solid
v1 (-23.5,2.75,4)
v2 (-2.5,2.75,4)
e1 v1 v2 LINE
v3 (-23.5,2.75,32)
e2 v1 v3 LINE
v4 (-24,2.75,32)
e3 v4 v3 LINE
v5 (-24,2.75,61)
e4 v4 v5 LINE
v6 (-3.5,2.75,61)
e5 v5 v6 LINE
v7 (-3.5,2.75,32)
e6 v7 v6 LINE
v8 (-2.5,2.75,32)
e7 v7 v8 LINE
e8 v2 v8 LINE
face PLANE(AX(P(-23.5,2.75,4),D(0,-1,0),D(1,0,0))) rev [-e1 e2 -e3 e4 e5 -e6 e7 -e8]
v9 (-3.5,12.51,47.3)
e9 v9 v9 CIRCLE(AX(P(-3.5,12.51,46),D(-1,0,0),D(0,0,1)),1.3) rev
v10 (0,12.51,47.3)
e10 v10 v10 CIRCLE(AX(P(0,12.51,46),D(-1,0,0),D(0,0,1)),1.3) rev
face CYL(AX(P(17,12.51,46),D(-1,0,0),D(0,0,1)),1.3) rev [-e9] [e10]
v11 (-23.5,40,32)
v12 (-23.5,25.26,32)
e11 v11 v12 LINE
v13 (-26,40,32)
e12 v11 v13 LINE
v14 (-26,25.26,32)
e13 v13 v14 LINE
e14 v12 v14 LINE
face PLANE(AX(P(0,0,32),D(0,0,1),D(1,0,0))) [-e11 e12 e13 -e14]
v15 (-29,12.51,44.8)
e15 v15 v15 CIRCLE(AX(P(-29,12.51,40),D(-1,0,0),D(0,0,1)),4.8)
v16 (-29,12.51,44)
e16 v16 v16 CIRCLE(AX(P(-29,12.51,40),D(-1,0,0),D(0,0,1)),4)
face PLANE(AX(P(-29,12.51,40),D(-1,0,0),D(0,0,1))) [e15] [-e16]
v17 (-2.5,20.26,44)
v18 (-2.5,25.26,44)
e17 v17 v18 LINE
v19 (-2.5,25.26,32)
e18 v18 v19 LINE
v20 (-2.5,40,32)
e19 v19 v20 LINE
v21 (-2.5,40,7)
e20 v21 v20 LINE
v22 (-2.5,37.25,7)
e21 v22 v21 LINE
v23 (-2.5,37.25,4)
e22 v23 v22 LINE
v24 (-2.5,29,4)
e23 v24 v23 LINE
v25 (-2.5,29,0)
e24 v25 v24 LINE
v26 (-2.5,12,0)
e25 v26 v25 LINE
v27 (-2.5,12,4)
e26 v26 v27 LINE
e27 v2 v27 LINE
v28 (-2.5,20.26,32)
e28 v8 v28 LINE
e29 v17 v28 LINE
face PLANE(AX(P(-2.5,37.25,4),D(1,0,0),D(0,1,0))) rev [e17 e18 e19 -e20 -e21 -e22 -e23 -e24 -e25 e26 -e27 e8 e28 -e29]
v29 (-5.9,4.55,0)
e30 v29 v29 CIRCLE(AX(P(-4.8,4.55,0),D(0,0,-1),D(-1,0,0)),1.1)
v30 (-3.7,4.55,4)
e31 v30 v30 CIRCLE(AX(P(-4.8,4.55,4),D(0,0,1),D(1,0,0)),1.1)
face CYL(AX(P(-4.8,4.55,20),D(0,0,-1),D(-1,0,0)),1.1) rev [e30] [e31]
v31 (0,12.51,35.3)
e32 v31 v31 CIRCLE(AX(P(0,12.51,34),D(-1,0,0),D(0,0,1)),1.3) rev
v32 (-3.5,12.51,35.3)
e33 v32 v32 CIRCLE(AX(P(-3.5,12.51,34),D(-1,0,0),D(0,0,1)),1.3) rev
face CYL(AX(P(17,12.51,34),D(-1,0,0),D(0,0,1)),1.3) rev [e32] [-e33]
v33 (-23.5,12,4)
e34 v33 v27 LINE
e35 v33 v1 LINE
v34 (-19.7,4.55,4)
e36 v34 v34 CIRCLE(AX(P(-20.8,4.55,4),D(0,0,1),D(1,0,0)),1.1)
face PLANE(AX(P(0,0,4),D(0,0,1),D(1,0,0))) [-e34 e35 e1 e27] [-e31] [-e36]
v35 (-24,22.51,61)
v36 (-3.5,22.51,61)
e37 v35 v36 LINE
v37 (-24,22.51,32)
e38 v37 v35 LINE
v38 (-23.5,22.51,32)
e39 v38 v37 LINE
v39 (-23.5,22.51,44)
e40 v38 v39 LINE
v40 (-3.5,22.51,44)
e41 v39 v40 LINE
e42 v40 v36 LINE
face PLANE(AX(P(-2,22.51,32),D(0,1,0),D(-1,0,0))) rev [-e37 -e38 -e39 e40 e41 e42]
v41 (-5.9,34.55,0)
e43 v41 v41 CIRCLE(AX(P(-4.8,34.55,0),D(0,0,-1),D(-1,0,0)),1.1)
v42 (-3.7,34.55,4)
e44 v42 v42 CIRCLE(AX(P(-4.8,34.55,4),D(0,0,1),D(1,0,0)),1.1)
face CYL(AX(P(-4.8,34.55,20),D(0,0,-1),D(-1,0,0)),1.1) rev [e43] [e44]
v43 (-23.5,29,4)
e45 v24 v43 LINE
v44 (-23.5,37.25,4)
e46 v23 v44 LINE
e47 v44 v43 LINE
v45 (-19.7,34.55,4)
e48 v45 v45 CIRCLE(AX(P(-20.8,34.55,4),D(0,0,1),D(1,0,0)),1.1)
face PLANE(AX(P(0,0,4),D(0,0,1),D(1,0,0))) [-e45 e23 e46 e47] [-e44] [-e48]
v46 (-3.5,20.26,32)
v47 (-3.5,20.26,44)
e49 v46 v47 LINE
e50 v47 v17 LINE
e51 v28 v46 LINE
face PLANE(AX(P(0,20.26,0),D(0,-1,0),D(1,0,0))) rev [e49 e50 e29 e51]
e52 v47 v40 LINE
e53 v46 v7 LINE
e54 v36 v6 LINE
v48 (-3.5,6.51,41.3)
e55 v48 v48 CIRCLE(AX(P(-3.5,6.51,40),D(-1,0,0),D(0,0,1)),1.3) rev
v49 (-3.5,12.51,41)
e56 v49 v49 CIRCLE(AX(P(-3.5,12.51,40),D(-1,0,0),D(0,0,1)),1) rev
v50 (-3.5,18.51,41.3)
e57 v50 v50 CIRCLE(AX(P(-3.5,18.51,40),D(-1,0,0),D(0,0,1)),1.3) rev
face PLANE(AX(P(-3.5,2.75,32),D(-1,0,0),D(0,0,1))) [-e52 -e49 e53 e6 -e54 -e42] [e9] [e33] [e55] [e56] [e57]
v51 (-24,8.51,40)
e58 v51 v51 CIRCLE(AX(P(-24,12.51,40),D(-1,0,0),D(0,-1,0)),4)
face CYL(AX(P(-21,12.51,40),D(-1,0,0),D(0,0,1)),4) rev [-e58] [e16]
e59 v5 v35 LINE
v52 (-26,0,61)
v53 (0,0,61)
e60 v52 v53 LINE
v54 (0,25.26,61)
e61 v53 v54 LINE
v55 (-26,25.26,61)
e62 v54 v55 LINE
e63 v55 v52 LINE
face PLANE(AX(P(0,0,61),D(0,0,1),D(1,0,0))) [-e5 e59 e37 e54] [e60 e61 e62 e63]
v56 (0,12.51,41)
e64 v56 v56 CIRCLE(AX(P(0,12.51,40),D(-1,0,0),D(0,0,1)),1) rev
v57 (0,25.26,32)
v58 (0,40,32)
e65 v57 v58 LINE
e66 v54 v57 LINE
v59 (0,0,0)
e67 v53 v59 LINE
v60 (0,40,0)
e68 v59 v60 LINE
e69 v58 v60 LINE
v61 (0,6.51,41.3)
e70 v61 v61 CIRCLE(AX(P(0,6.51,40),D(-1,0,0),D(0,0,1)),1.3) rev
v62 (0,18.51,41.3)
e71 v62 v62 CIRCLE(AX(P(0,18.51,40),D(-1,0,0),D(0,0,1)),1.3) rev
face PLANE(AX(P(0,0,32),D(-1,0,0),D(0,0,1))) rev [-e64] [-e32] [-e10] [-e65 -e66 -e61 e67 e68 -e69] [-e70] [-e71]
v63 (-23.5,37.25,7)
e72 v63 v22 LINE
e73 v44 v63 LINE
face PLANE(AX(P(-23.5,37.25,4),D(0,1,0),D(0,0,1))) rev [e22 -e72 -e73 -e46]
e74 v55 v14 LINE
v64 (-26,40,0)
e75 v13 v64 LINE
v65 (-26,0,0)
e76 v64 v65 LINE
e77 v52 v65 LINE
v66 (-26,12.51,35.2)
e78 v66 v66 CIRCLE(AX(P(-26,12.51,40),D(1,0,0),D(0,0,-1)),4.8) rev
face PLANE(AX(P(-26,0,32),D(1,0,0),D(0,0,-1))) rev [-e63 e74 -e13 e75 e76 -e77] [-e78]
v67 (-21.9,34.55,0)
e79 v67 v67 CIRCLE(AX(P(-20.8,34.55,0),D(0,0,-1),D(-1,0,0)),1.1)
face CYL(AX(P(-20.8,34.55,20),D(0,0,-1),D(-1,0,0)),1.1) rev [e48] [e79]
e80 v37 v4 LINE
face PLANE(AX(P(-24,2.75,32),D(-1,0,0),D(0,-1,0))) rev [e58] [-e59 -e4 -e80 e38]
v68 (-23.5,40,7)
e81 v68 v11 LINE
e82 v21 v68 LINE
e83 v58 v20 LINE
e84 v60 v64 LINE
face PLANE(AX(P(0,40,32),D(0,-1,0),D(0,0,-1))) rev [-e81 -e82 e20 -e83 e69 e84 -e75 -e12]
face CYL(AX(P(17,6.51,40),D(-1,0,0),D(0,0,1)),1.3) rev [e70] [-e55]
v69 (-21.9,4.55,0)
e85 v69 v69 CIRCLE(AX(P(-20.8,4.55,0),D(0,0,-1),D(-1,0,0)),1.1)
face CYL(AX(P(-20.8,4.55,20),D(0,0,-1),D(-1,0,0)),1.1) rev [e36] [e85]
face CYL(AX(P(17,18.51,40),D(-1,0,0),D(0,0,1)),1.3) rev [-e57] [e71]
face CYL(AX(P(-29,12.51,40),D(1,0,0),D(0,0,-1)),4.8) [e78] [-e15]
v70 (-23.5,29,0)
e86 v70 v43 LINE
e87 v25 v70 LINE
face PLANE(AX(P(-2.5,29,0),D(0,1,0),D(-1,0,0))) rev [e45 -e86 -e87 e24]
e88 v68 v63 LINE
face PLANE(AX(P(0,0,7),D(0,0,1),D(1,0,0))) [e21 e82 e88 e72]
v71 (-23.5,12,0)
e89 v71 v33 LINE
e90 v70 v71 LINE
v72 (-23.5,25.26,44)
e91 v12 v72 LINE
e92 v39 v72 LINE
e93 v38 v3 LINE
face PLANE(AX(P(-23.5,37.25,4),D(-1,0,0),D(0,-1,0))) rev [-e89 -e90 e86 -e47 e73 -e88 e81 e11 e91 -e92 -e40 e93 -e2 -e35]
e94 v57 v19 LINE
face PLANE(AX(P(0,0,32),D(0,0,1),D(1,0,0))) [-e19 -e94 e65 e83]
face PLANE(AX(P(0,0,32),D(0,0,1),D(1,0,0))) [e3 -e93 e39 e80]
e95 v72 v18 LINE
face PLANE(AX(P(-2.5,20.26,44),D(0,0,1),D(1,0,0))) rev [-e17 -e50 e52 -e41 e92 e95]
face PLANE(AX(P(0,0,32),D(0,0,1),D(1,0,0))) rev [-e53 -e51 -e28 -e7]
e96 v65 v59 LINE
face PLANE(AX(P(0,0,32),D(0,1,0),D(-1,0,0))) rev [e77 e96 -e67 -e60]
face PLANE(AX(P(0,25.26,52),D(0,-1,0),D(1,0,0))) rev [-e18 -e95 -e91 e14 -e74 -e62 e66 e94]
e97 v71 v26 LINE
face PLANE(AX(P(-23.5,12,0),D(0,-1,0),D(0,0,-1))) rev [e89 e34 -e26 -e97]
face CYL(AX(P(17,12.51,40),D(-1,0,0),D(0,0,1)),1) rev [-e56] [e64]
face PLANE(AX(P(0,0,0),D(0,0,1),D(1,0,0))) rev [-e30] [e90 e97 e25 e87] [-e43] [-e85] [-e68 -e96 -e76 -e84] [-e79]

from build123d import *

# Parameters (mm, degrees)
SKETCH1_W               = 26
SKETCH1_H               = 40
BOSS_EXTRUDE1_DEPTH     = 32
SKETCH2_W               = 21
SKETCH2_H               = 34.5
CUT_EXTRUDE1_DEPTH      = 28
SKETCH3_W               = 26
SKETCH3_H               = 25.26
BOSS_EXTRUDE2_DEPTH     = 20
SKETCH4_W               = 22
SKETCH4_H               = 19.76
CUT_EXTRUDE2_DEPTH      = 20
SKETCH5_W               = 21
SKETCH5_H               = 2.75
CUT_EXTRUDE3_DEPTH      = 25
SKETCH6_R               = 1.1
CUT_EXTRUDE4_DEPTH      = 20
SKETCH7_R               = 4
CUT_EXTRUDE5_DEPTH      = 5
SKETCH9_W               = 26
SKETCH9_H               = 25.26
CUT_EXTRUDE9_DEPTH      = 3
SKETCH10_R              = 4.8
SKETCH10_R_2            = 4
BOSS_EXTRUDE3_DEPTH     = 3
CUT_EXTRUDE10_DEPTH     = 5
SKETCH14_W              = 1.5
SKETCH14_H              = 19.76
BOSS_EXTRUDE5_DEPTH     = 17
SKETCH8_R               = 1
SKETCH8_R_2             = 1.3
CUT_EXTRUDE8_DEPTH      = 17
CUT_EXTRUDE8_DEPTH_BACK = 15
SKETCH17_W              = 26
SKETCH17_H              = 25.26
SKETCH17_W_2            = 20.5
SKETCH17_H_2            = 19.76
BOSS_EXTRUDE12_DEPTH    = 12
SKETCH18_W              = 21
SKETCH18_H              = 12
CUT_EXTRUDE11_DEPTH     = 5


with BuildPart() as part:
    # Sketch1 → Boss-Extrude1 (new body)
    with BuildSketch(Plane.XY):
        with Locations((-13, 20)):
            Rectangle(SKETCH1_W, SKETCH1_H)
    extrude(amount=BOSS_EXTRUDE1_DEPTH)

    # Sketch2 → Cut-Extrude1 (cut)
    with BuildSketch(Plane.XY.offset(32)):
        with Locations((-13, 20)):
            Rectangle(SKETCH2_W, SKETCH2_H)
    extrude(amount=-CUT_EXTRUDE1_DEPTH, mode=Mode.SUBTRACT)

    # Sketch3 → Boss-Extrude2 (add)
    with BuildSketch(Plane.XY.offset(32)):
        with Locations((-13, 12.63)):
            Rectangle(SKETCH3_W, SKETCH3_H)
    extrude(amount=BOSS_EXTRUDE2_DEPTH)

    # Sketch4 → Cut-Extrude2 (cut)
    with BuildSketch(Plane.XY.offset(52)):
        with Locations((-13, 12.63)):
            Rectangle(SKETCH4_W, SKETCH4_H)
    extrude(amount=-CUT_EXTRUDE2_DEPTH, mode=Mode.SUBTRACT)

    # Sketch5 → Cut-Extrude3 (cut)
    with BuildSketch(Plane.XY.offset(32)):
        with Locations((-13, 38.625)):
            Rectangle(SKETCH5_W, SKETCH5_H)
    extrude(amount=-CUT_EXTRUDE3_DEPTH, mode=Mode.SUBTRACT)

    # Sketch6 → Cut-Extrude4 (cut)
    with BuildSketch(Plane(origin=(0, 0, 0), x_dir=(-1, 0, 0), z_dir=(0, 0, -1))):
        with Locations((4.8, 4.55)):
            Circle(SKETCH6_R)
        with Locations((20.8, 4.55)):
            Circle(SKETCH6_R)
        with Locations((20.8, 34.55)):
            Circle(SKETCH6_R)
        with Locations((4.8, 34.55)):
            Circle(SKETCH6_R)
    extrude(amount=-CUT_EXTRUDE4_DEPTH, mode=Mode.SUBTRACT)

    # Sketch7 → Cut-Extrude5 (cut)
    with BuildSketch(Plane.ZY.offset(26)):
        with Locations((40, 12.51)):
            Circle(SKETCH7_R)
    extrude(amount=-CUT_EXTRUDE5_DEPTH, mode=Mode.SUBTRACT)

    # Sketch9 → Cut-Extrude9 (cut)
    with BuildSketch(Plane.XY.offset(52)):
        with Locations((-13, 12.63)):
            Rectangle(SKETCH9_W, SKETCH9_H)
    extrude(amount=-CUT_EXTRUDE9_DEPTH, mode=Mode.SUBTRACT)

    # Sketch10 → Boss-Extrude3 (add)
    with BuildSketch(Plane.ZY.offset(26)):
        with Locations((40, 12.51)):
            Circle(SKETCH10_R)
        with Locations((40, 12.51)):
            Circle(SKETCH10_R_2, mode=Mode.SUBTRACT)
    extrude(amount=BOSS_EXTRUDE3_DEPTH)

    # Sketch13 → Cut-Extrude10 (cut, through all)
    with BuildSketch(Plane.XY.offset(4)):
        Polygon((-23.5, 20), (-23.5, 12), (-2.5, 12), (-2.5, 29), (-23.5, 29), align=None)
    extrude(amount=-CUT_EXTRUDE10_DEPTH, mode=Mode.SUBTRACT)

    # Sketch14 → Boss-Extrude5 (add)
    with BuildSketch(Plane.XY.offset(49)):
        with Locations((-2.75, 12.63)):
            Rectangle(SKETCH14_W, SKETCH14_H)
    extrude(amount=-BOSS_EXTRUDE5_DEPTH)

    # Sketch8 → Cut-Extrude8 (cut, two sides)
    with BuildSketch(Plane(origin=(0, 0, 0), x_dir=(0, 0, -1), z_dir=(1, 0, 0))) as cut_extrude8_sk:
        with Locations((-40, 12.51)):
            Circle(SKETCH8_R)
        with Locations((-46, 12.51)):
            Circle(SKETCH8_R_2)
        with Locations((-34, 12.51)):
            Circle(SKETCH8_R_2)
        with Locations((-40, 18.51)):
            Circle(SKETCH8_R_2)
        with Locations((-40, 6.51)):
            Circle(SKETCH8_R_2)
    extrude(amount=CUT_EXTRUDE8_DEPTH, mode=Mode.SUBTRACT)
    extrude(cut_extrude8_sk.sketch, amount=-CUT_EXTRUDE8_DEPTH_BACK, mode=Mode.SUBTRACT)

    # Sketch17 → Boss-Extrude12 (add)
    with BuildSketch(Plane.XY.offset(49)):
        with Locations((-13, 12.63)):
            Rectangle(SKETCH17_W, SKETCH17_H)
        with Locations((-13.75, 12.63)):
            Rectangle(SKETCH17_W_2, SKETCH17_H_2, mode=Mode.SUBTRACT)
    extrude(amount=BOSS_EXTRUDE12_DEPTH)

    # Sketch18 → Cut-Extrude11 (cut)
    with BuildSketch(Plane(origin=(0, 25.26, 0), x_dir=(1, 0, 0), z_dir=(0, 1, 0))):
        with Locations((-13, -38)):
            Rectangle(SKETCH18_W, SKETCH18_H)
    extrude(amount=-CUT_EXTRUDE11_DEPTH, mode=Mode.SUBTRACT)


solid = part.part
